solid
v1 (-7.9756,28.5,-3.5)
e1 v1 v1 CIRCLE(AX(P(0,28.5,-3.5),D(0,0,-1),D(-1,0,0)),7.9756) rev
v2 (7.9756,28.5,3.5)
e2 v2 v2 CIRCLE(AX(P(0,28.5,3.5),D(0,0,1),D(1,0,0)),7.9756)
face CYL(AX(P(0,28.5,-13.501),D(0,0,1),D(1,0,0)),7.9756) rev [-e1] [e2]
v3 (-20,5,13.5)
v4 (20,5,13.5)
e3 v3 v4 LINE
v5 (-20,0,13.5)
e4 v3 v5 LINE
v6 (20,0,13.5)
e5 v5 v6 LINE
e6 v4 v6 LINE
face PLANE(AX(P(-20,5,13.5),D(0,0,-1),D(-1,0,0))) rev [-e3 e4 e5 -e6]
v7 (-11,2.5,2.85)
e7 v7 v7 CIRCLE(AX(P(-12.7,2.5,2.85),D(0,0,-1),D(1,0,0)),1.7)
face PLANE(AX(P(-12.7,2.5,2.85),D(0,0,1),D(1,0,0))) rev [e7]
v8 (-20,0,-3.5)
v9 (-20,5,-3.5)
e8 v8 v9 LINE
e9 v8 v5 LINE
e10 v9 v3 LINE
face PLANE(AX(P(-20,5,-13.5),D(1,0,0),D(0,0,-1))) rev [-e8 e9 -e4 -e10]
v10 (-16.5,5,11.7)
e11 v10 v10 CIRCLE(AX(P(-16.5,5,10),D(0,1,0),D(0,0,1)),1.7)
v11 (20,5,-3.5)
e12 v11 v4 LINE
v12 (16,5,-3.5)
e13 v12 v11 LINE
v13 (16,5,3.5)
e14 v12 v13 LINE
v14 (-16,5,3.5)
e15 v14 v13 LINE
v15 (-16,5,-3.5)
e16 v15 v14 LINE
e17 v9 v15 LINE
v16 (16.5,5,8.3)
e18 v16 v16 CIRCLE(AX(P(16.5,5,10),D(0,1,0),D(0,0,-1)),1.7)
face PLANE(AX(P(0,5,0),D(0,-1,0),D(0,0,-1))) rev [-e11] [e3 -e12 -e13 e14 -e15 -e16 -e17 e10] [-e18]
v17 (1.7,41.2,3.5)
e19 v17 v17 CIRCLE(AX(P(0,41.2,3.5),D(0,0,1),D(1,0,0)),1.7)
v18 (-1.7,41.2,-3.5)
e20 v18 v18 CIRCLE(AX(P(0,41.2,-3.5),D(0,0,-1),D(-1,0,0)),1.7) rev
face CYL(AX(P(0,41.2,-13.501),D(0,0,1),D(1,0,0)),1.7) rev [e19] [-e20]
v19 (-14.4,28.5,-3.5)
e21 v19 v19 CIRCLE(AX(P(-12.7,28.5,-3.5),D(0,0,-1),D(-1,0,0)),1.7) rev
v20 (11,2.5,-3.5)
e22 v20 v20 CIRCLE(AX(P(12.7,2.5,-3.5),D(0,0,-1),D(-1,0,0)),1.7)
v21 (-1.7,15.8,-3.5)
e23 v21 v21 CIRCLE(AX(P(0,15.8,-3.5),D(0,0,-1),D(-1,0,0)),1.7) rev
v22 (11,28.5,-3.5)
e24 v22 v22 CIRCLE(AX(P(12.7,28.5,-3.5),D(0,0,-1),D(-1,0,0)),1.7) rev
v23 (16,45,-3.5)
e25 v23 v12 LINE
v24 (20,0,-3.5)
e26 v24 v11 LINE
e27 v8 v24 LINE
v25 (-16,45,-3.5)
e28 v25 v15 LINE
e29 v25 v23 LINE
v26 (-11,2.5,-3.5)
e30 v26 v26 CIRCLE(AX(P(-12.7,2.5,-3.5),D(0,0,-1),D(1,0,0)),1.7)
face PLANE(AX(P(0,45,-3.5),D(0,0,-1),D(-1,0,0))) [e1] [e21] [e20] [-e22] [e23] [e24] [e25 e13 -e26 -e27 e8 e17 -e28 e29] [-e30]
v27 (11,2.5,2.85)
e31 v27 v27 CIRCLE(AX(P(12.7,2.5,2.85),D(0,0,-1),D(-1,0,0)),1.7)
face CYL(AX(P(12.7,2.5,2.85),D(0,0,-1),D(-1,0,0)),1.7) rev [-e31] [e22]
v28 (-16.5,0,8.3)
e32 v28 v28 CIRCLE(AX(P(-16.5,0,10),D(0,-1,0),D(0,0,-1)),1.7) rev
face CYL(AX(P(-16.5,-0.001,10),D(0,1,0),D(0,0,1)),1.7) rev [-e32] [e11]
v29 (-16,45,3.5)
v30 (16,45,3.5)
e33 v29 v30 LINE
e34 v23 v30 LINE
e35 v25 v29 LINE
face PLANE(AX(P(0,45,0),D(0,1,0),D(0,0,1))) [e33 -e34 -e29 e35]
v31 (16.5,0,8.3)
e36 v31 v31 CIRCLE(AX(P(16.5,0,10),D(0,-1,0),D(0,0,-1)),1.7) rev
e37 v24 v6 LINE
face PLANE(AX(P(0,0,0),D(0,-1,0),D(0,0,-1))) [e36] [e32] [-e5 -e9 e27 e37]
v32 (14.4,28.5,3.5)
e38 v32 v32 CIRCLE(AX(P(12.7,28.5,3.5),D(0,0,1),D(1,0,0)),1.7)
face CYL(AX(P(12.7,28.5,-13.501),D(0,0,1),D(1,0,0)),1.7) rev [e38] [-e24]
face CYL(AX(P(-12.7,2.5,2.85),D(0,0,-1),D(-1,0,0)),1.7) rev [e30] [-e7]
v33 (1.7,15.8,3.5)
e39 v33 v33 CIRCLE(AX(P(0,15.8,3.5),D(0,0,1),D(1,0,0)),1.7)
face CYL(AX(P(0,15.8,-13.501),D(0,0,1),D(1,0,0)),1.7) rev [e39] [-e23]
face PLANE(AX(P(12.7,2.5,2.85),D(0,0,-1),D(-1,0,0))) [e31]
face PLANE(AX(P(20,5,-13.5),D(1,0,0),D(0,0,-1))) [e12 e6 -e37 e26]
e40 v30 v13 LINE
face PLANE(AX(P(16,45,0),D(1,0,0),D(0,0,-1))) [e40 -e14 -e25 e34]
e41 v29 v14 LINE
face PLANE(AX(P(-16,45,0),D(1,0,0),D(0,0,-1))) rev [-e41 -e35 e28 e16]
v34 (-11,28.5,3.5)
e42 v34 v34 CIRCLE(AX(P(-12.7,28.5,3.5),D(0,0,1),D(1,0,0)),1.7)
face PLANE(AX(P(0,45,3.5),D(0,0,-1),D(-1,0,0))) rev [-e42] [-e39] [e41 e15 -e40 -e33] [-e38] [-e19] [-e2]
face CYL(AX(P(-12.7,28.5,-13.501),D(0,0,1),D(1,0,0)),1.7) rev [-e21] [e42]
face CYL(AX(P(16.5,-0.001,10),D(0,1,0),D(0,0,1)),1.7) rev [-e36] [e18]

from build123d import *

# Parameters (mm, degrees)
SKETCH1_W           = 40
SKETCH1_H           = 27
SKETCH1_W_2         = 32
SKETCH1_H_2         = 7
BOSS_EXTRUDE1_DEPTH = 5
SKETCH1_3_W         = 32
SKETCH1_3_H         = 7
BOSS_EXTRUDE2_DEPTH = 45
CUT_EXTRUDE1_REACH  = 54.096
SKETCH2_R           = 7.9756
CUT_EXTRUDE2_REACH  = 54.096
SKETCH4_R           = 1.7
CUT_EXTRUDE3_REACH  = 48.715
SKETCH5_R           = 1.7
CUT_EXTRUDE5_REACH  = 48.715
SKETCH7_W           = 40
SKETCH7_H           = 10
SKETCH8_R           = 1.7
CUT_EXTRUDE6_DEPTH  = 6.35


with BuildPart() as part:
    # Sketch1 → Boss-Extrude1 (new body)
    with BuildSketch(Plane(origin=(0, 0, 0), x_dir=(1, 0, 0), z_dir=(0, 1, 0))):
        Rectangle(SKETCH1_W, SKETCH1_H)
        Rectangle(SKETCH1_W_2, SKETCH1_H_2, mode=Mode.SUBTRACT)
    extrude(amount=BOSS_EXTRUDE1_DEPTH)

    # Sketch1<3> → Boss-Extrude2 (add)
    with BuildSketch(Plane(origin=(0, 0, 0), x_dir=(1, 0, 0), z_dir=(0, 1, 0))):
        Rectangle(SKETCH1_3_W, SKETCH1_3_H)
    extrude(amount=BOSS_EXTRUDE2_DEPTH)

    # Sketch2 → Cut-Extrude1 (cut, up to next)
    with BuildSketch(Plane.XY.offset(3.5), mode=Mode.PRIVATE) as cut_extrude1_sk1:
        with Locations((0, 28.5)):
            Circle(SKETCH2_R)
    cut_extrude1_tool1 = extrude(cut_extrude1_sk1.sketch, amount=-CUT_EXTRUDE1_REACH, mode=Mode.PRIVATE) & part.part
    add(cut_extrude1_tool1.solids().sort_by_distance((0, 28.5, 3.5))[0], mode=Mode.SUBTRACT)

    # Sketch4 → Cut-Extrude2 (cut, up to next)
    with BuildSketch(Plane.XY.offset(3.5), mode=Mode.PRIVATE) as cut_extrude2_sk1:
        with Locations((0, 41.2)):
            Circle(SKETCH4_R)
    cut_extrude2_tool1 = extrude(cut_extrude2_sk1.sketch, amount=-CUT_EXTRUDE2_REACH, mode=Mode.PRIVATE) & part.part
    # Sketch4 → Cut-Extrude2 (cut, up to next)
    with BuildSketch(Plane.XY.offset(3.5), mode=Mode.PRIVATE) as cut_extrude2_sk2:
        with Locations((12.7, 28.5)):
            Circle(SKETCH4_R)
    cut_extrude2_tool2 = extrude(cut_extrude2_sk2.sketch, amount=-CUT_EXTRUDE2_REACH, mode=Mode.PRIVATE) & part.part
    # Sketch4 → Cut-Extrude2 (cut, up to next)
    with BuildSketch(Plane.XY.offset(3.5), mode=Mode.PRIVATE) as cut_extrude2_sk3:
        with Locations((0, 15.8)):
            Circle(SKETCH4_R)
    cut_extrude2_tool3 = extrude(cut_extrude2_sk3.sketch, amount=-CUT_EXTRUDE2_REACH, mode=Mode.PRIVATE) & part.part
    # Sketch4 → Cut-Extrude2 (cut, up to next)
    with BuildSketch(Plane.XY.offset(3.5), mode=Mode.PRIVATE) as cut_extrude2_sk4:
        with Locations((-12.7, 28.5)):
            Circle(SKETCH4_R)
    cut_extrude2_tool4 = extrude(cut_extrude2_sk4.sketch, amount=-CUT_EXTRUDE2_REACH, mode=Mode.PRIVATE) & part.part
    add(cut_extrude2_tool1.solids().sort_by_distance((0, 41.2, 3.5))[0], mode=Mode.SUBTRACT)
    add(cut_extrude2_tool2.solids().sort_by_distance((12.7, 28.5, 3.5))[0], mode=Mode.SUBTRACT)
    add(cut_extrude2_tool3.solids().sort_by_distance((0, 15.8, 3.5))[0], mode=Mode.SUBTRACT)
    add(cut_extrude2_tool4.solids().sort_by_distance((-12.7, 28.5, 3.5))[0], mode=Mode.SUBTRACT)

    # Sketch5 → Cut-Extrude3 (cut, up to next)
    with BuildSketch(Plane(origin=(0, 5, 0), x_dir=(1, 0, 0), z_dir=(0, 1, 0)), mode=Mode.PRIVATE) as cut_extrude3_sk1:
        with Locations((-16.5, 10)):
            Circle(SKETCH5_R)
    cut_extrude3_tool1 = extrude(cut_extrude3_sk1.sketch, amount=-CUT_EXTRUDE3_REACH, mode=Mode.PRIVATE) & part.part
    # Sketch5 → Cut-Extrude3 (cut, up to next)
    with BuildSketch(Plane(origin=(0, 5, 0), x_dir=(1, 0, 0), z_dir=(0, 1, 0)), mode=Mode.PRIVATE) as cut_extrude3_sk2:
        with Locations((-16.5, -10)):
            Circle(SKETCH5_R)
    cut_extrude3_tool2 = extrude(cut_extrude3_sk2.sketch, amount=-CUT_EXTRUDE3_REACH, mode=Mode.PRIVATE) & part.part
    # Sketch5 → Cut-Extrude3 (cut, up to next)
    with BuildSketch(Plane(origin=(0, 5, 0), x_dir=(1, 0, 0), z_dir=(0, 1, 0)), mode=Mode.PRIVATE) as cut_extrude3_sk3:
        with Locations((16.5, -10)):
            Circle(SKETCH5_R)
    cut_extrude3_tool3 = extrude(cut_extrude3_sk3.sketch, amount=-CUT_EXTRUDE3_REACH, mode=Mode.PRIVATE) & part.part
    # Sketch5 → Cut-Extrude3 (cut, up to next)
    with BuildSketch(Plane(origin=(0, 5, 0), x_dir=(1, 0, 0), z_dir=(0, 1, 0)), mode=Mode.PRIVATE) as cut_extrude3_sk4:
        with Locations((16.5, 10)):
            Circle(SKETCH5_R)
    cut_extrude3_tool4 = extrude(cut_extrude3_sk4.sketch, amount=-CUT_EXTRUDE3_REACH, mode=Mode.PRIVATE) & part.part
    add(cut_extrude3_tool1.solids().sort_by_distance((-16.5, 5, -10))[0], mode=Mode.SUBTRACT)
    add(cut_extrude3_tool2.solids().sort_by_distance((-16.5, 5, 10))[0], mode=Mode.SUBTRACT)
    add(cut_extrude3_tool3.solids().sort_by_distance((16.5, 5, 10))[0], mode=Mode.SUBTRACT)
    add(cut_extrude3_tool4.solids().sort_by_distance((16.5, 5, -10))[0], mode=Mode.SUBTRACT)

    # Sketch7 → Cut-Extrude5 (cut, up to next)
    with BuildSketch(Plane(origin=(0, 5, 0), x_dir=(1, 0, 0), z_dir=(0, 1, 0)), mode=Mode.PRIVATE) as cut_extrude5_sk1:
        with Locations((0, 8.5)):
            Rectangle(SKETCH7_W, SKETCH7_H)
    cut_extrude5_tool1 = extrude(cut_extrude5_sk1.sketch, amount=-CUT_EXTRUDE5_REACH, mode=Mode.PRIVATE) & part.part
    add(cut_extrude5_tool1.solids().sort_by_distance((0, 5, -8.5))[0], mode=Mode.SUBTRACT)

    # Sketch8 → Cut-Extrude6 (cut)
    with BuildSketch(Plane(origin=(0, 0, -3.5), x_dir=(-1, 0, 0), z_dir=(0, 0, -1))):
        with Locations((-12.7, 2.5)):
            Circle(SKETCH8_R)
        with Locations((12.7, 2.5)):
            Circle(SKETCH8_R)
    extrude(amount=-CUT_EXTRUDE6_DEPTH, mode=Mode.SUBTRACT)


solid = part.part
